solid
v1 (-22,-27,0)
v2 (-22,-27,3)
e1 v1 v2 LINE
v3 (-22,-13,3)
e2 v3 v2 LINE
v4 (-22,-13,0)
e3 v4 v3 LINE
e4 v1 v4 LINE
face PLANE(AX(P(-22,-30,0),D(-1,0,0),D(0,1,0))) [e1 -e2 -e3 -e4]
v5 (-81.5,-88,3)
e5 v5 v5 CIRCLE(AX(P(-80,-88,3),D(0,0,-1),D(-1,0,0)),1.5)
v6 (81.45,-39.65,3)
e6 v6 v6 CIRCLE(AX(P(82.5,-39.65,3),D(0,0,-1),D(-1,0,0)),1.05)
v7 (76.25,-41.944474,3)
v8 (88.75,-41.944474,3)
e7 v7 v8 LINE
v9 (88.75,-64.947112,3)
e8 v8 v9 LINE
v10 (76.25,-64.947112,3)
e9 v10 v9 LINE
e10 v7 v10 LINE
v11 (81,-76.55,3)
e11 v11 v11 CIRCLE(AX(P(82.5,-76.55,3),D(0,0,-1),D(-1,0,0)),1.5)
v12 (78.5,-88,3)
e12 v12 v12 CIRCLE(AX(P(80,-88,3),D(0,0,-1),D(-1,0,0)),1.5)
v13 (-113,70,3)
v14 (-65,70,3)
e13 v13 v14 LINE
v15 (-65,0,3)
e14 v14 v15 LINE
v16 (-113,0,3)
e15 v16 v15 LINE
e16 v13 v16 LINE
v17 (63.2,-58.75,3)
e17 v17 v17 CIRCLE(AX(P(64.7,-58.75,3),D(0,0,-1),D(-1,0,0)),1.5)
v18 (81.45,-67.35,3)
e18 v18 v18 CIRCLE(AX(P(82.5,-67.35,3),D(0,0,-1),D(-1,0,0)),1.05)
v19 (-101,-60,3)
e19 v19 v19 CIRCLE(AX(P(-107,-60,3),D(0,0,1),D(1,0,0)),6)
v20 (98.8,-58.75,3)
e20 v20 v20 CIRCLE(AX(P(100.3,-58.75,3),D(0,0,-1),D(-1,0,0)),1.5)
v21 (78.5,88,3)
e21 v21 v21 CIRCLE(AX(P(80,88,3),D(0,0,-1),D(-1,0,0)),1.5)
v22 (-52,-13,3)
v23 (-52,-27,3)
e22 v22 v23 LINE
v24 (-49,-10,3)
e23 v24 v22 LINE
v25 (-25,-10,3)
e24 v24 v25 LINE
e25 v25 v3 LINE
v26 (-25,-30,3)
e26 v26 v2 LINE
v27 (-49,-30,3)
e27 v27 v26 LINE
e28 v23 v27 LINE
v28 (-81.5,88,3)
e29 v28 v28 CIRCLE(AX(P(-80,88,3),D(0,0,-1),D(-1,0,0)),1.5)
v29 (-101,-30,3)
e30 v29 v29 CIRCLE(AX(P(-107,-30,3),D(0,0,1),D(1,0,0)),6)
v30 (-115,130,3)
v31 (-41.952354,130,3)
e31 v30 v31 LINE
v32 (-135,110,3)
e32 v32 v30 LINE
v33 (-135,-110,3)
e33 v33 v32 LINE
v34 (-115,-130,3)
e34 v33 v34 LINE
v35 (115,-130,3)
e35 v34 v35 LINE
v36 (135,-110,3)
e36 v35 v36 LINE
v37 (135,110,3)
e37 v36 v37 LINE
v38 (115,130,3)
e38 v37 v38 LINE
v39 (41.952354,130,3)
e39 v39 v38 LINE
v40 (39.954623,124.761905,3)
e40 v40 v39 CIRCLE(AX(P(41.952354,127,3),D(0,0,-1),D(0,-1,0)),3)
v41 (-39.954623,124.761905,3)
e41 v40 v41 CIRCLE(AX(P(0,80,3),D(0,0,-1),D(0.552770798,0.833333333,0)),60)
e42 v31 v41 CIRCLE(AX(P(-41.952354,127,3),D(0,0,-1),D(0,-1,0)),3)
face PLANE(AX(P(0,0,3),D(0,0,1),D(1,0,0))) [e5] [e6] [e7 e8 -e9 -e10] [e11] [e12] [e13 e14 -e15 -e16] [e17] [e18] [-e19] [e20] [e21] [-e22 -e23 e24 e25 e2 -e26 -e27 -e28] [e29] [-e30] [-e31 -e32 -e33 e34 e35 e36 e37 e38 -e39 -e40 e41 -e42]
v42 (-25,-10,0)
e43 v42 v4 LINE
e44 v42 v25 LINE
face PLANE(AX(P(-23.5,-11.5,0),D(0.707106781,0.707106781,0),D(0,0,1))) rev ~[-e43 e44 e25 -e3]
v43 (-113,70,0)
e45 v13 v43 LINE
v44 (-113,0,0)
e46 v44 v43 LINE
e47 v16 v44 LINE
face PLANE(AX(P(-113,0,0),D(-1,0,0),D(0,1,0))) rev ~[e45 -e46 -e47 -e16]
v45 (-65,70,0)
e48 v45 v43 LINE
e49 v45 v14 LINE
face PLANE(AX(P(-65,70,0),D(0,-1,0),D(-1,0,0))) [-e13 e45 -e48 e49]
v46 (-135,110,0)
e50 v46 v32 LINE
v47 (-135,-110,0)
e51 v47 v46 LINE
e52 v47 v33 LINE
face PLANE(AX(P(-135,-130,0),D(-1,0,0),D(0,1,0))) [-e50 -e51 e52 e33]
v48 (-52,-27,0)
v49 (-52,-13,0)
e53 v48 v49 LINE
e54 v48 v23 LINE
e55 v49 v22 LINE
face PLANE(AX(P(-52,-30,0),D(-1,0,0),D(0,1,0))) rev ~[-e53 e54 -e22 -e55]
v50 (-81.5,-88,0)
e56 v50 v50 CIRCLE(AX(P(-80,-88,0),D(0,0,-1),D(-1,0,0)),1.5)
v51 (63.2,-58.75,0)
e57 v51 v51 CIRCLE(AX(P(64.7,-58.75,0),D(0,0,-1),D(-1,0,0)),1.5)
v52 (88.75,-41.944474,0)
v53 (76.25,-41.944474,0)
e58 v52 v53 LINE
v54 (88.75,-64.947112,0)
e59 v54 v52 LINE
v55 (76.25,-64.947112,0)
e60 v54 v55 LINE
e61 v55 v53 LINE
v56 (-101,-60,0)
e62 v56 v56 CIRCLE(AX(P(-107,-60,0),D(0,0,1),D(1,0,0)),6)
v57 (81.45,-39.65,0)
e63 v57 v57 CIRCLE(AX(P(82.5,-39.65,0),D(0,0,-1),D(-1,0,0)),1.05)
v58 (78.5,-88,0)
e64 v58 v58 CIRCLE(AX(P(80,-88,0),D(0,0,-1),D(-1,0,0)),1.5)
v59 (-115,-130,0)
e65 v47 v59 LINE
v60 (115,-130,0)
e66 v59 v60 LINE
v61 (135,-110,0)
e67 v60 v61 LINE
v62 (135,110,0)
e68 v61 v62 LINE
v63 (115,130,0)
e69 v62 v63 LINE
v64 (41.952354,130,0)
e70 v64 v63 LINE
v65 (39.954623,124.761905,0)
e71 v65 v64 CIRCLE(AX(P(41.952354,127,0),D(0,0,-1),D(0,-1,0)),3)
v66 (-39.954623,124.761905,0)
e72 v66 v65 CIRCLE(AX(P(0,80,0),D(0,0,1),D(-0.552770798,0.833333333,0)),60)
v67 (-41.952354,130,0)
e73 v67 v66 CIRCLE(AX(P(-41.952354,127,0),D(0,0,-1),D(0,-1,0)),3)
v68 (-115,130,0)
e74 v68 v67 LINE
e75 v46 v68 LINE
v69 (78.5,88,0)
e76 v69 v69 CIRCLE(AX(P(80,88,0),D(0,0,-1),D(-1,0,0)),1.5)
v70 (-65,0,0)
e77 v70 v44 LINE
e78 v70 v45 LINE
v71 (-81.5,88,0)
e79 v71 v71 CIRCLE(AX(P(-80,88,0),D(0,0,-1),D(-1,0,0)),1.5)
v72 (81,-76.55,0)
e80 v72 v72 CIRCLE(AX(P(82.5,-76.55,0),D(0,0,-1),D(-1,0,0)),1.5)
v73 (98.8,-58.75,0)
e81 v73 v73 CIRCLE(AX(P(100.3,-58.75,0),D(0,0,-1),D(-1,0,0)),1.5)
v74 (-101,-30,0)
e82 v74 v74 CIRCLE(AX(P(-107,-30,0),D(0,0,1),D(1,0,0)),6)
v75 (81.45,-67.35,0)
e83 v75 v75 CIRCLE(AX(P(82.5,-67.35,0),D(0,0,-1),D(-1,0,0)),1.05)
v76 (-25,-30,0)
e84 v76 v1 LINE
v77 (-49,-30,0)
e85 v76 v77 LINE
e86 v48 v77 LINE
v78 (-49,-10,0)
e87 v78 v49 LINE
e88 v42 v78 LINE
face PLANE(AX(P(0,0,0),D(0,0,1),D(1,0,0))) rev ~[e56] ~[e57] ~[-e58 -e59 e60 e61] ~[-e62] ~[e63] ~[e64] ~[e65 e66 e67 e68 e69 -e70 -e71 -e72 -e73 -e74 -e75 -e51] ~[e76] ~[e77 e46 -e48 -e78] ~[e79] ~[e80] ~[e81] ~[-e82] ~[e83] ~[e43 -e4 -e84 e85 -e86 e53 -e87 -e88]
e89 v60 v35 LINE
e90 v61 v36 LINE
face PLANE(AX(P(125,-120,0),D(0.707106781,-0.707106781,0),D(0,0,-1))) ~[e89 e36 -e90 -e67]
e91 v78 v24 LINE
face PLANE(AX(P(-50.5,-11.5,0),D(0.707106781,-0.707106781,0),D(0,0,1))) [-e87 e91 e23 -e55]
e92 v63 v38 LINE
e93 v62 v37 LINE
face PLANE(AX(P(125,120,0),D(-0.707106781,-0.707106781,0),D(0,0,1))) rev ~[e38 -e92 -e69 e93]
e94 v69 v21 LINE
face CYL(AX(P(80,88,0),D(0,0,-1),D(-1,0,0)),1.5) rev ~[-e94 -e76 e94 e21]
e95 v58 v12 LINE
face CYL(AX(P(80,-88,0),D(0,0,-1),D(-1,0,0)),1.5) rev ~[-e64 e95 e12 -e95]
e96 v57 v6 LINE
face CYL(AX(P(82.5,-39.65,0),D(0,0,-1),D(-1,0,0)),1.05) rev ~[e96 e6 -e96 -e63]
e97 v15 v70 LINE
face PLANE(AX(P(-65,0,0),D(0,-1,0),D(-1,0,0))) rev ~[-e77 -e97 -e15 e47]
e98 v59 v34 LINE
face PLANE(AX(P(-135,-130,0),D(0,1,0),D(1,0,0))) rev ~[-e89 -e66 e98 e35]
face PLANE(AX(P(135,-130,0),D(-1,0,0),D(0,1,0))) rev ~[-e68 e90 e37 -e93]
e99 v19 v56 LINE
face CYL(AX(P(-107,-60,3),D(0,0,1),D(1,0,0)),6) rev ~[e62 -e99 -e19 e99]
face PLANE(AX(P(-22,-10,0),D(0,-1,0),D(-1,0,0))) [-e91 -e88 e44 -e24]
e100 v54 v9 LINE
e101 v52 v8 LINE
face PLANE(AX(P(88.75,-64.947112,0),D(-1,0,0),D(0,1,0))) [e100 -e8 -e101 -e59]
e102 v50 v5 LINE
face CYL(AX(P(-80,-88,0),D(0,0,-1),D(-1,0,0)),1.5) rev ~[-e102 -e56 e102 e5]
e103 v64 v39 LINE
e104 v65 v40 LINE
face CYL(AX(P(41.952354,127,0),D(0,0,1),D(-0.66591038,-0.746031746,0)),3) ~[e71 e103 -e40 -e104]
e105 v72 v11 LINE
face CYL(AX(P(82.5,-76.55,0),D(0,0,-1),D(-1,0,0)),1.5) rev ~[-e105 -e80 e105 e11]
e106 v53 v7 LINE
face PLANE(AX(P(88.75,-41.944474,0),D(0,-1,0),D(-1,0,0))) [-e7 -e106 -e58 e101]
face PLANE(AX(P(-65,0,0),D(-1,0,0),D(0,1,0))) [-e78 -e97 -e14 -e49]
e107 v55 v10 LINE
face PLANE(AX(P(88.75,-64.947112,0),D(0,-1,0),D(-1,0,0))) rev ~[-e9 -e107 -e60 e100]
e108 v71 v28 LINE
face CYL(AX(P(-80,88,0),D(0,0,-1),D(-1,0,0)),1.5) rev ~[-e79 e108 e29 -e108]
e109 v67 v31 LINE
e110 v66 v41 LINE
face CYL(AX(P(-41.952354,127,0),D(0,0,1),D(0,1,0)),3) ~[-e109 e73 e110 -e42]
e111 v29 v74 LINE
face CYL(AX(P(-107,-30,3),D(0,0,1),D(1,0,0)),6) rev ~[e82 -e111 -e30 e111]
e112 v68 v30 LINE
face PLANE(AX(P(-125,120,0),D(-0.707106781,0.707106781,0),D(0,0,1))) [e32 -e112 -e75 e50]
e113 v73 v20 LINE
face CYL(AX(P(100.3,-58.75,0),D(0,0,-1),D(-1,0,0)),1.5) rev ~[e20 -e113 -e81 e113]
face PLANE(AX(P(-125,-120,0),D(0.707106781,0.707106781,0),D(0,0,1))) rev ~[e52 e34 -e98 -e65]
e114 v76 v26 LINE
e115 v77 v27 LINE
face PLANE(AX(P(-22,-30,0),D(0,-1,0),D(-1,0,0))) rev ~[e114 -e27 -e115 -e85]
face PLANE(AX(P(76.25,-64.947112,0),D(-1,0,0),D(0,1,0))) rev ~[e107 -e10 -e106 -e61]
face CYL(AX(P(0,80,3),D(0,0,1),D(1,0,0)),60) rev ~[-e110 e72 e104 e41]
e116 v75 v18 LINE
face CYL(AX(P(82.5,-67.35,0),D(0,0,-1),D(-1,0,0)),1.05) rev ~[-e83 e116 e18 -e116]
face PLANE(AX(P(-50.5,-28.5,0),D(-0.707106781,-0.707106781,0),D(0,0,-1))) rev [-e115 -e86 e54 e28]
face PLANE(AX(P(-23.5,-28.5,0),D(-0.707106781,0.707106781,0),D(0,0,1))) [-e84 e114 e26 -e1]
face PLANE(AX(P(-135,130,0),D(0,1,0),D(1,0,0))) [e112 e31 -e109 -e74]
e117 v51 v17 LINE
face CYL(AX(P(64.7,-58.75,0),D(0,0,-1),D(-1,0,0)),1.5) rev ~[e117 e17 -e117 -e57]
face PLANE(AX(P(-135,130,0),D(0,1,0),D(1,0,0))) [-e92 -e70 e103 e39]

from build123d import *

# Parameters (mm, degrees)
SKETCH_1_W          = 270
SKETCH_1_H          = 260
EXTRUDE_1_DEPTH     = 3
CHAMFER_2_SIZE      = 20
SKETCH_4_R          = 60
CUT_EXTRUDE_1_DEPTH = 10
FILLET_1_R          = 3
SKETCH_5_R          = 1.5
SKETCH_5_R_2        = 1.05
SKETCH_5_W          = 12.5
SKETCH_5_H          = 23.002638066
CUT_EXTRUDE_2_DEPTH = 10
SKETCH_6_W          = 48
SKETCH_6_H          = 70
CUT_EXTRUDE_3_DEPTH = 0.1
SKETCH_10_W         = 48
SKETCH_10_H         = 70
CUT_EXTRUDE_4_DEPTH = 188.440657276
SKETCH_11_R         = 6
CUT_EXTRUDE_5_DEPTH = 188.440657276
SKETCH_13_R         = 1.5
CUT_EXTRUDE_6_DEPTH = 188.440657276
SKETCH_15_W         = 30
SKETCH_15_H         = 20
CUT_EXTRUDE_8_DEPTH = 188.440657276
CHAMFER_4_SIZE      = 3


with BuildPart() as part:
    # 草图1 → 凸台-拉伸1 (new body)
    with BuildSketch(Plane.XY):
        Rectangle(SKETCH_1_W, SKETCH_1_H)
    extrude(amount=EXTRUDE_1_DEPTH)

    # 倒角2
    chamfer_2_edges = [part.edges().sort_by_distance(p)[0] for p in [
        (135, -130, 1.5),
        (-135, -130, 1.5),
        (-135, 130, 1.5),
        (135, 130, 1.5),
    ]]
    chamfer(chamfer_2_edges, length=CHAMFER_2_SIZE)

    # 草图4 → 切除-拉伸1 (cut)
    with BuildSketch(Plane.XY.offset(3)):
        with Locations((0, 80)):
            Circle(SKETCH_4_R)
    extrude(amount=-CUT_EXTRUDE_1_DEPTH, mode=Mode.SUBTRACT)

    # 圆角1
    fillet_1_edges = [part.edges().sort_by_distance(p)[0] for p in [
        (33.166247904, 130, 1.5),
        (-33.166247904, 130, 1.5),
    ]]
    fillet(fillet_1_edges, radius=FILLET_1_R)

    # 草图5 → 切除-拉伸2 (cut)
    with BuildSketch(Plane(origin=(0, 0, 0), x_dir=(-1, 0, 0), z_dir=(0, 0, -1))):
        with Locations((-64.7, -58.75)):
            Circle(SKETCH_5_R)
        with Locations((-100.3, -58.75)):
            Circle(SKETCH_5_R)
        with Locations((-82.5, -76.55)):
            Circle(SKETCH_5_R)
        with Locations((-82.5, -39.65)):
            Circle(SKETCH_5_R_2)
        with Locations((-82.5, -67.35)):
            Circle(SKETCH_5_R_2)
        with Locations((-82.5, -53.445792921)):
            Rectangle(SKETCH_5_W, SKETCH_5_H)
    extrude(amount=-CUT_EXTRUDE_2_DEPTH, mode=Mode.SUBTRACT)

    # 草图6 → 切除-拉伸3 (cut)
    with BuildSketch(Plane(origin=(0, 0, 0), x_dir=(-1, 0, 0), z_dir=(0, 0, -1))):
        with Locations((89, 35)):
            Rectangle(SKETCH_6_W, SKETCH_6_H)
    extrude(amount=-CUT_EXTRUDE_3_DEPTH, mode=Mode.SUBTRACT)

    # 草图10 → 切除-拉伸4 (cut, through all)
    with BuildSketch(Plane(origin=(0, 0, 0), x_dir=(-1, 0, 0), z_dir=(0, 0, -1))):
        with Locations((89, 35)):
            Rectangle(SKETCH_10_W, SKETCH_10_H)
    extrude(amount=-CUT_EXTRUDE_4_DEPTH, mode=Mode.SUBTRACT)

    # 草图11 → 切除-拉伸5 (cut, through all)
    with BuildSketch(Plane.XY.offset(3)):
        with Locations((-107, -30)):
            Circle(SKETCH_11_R)
        with Locations((-107, -60)):
            Circle(SKETCH_11_R)
    extrude(amount=-CUT_EXTRUDE_5_DEPTH, mode=Mode.SUBTRACT)

    # 草图13 → 切除-拉伸6 (cut, through all)
    with BuildSketch(Plane(origin=(0, 0, 0), x_dir=(-1, 0, 0), z_dir=(0, 0, -1))):
        with Locations((80, 88)):
            Circle(SKETCH_13_R)
        with Locations((80, -88)):
            Circle(SKETCH_13_R)
        with Locations((-80, -88)):
            Circle(SKETCH_13_R)
        with Locations((-80, 88)):
            Circle(SKETCH_13_R)
    extrude(amount=-CUT_EXTRUDE_6_DEPTH, mode=Mode.SUBTRACT)

    # 草图15 → 切除-拉伸8 (cut, through all)
    with BuildSketch(Plane(origin=(0, 0, 0), x_dir=(-1, 0, 0), z_dir=(0, 0, -1))):
        with Locations((37, -20)):
            Rectangle(SKETCH_15_W, SKETCH_15_H)
    extrude(amount=-CUT_EXTRUDE_8_DEPTH, mode=Mode.SUBTRACT)

    # 倒角4
    chamfer_4_edges = [part.edges().sort_by_distance(p)[0] for p in [
        (-22, -30, 1.5),
        (-22, -10, 1.5),
        (-52, -10, 1.5),
        (-52, -30, 1.5),
    ]]
    chamfer(chamfer_4_edges, length=CHAMFER_4_SIZE)


solid = part.part
